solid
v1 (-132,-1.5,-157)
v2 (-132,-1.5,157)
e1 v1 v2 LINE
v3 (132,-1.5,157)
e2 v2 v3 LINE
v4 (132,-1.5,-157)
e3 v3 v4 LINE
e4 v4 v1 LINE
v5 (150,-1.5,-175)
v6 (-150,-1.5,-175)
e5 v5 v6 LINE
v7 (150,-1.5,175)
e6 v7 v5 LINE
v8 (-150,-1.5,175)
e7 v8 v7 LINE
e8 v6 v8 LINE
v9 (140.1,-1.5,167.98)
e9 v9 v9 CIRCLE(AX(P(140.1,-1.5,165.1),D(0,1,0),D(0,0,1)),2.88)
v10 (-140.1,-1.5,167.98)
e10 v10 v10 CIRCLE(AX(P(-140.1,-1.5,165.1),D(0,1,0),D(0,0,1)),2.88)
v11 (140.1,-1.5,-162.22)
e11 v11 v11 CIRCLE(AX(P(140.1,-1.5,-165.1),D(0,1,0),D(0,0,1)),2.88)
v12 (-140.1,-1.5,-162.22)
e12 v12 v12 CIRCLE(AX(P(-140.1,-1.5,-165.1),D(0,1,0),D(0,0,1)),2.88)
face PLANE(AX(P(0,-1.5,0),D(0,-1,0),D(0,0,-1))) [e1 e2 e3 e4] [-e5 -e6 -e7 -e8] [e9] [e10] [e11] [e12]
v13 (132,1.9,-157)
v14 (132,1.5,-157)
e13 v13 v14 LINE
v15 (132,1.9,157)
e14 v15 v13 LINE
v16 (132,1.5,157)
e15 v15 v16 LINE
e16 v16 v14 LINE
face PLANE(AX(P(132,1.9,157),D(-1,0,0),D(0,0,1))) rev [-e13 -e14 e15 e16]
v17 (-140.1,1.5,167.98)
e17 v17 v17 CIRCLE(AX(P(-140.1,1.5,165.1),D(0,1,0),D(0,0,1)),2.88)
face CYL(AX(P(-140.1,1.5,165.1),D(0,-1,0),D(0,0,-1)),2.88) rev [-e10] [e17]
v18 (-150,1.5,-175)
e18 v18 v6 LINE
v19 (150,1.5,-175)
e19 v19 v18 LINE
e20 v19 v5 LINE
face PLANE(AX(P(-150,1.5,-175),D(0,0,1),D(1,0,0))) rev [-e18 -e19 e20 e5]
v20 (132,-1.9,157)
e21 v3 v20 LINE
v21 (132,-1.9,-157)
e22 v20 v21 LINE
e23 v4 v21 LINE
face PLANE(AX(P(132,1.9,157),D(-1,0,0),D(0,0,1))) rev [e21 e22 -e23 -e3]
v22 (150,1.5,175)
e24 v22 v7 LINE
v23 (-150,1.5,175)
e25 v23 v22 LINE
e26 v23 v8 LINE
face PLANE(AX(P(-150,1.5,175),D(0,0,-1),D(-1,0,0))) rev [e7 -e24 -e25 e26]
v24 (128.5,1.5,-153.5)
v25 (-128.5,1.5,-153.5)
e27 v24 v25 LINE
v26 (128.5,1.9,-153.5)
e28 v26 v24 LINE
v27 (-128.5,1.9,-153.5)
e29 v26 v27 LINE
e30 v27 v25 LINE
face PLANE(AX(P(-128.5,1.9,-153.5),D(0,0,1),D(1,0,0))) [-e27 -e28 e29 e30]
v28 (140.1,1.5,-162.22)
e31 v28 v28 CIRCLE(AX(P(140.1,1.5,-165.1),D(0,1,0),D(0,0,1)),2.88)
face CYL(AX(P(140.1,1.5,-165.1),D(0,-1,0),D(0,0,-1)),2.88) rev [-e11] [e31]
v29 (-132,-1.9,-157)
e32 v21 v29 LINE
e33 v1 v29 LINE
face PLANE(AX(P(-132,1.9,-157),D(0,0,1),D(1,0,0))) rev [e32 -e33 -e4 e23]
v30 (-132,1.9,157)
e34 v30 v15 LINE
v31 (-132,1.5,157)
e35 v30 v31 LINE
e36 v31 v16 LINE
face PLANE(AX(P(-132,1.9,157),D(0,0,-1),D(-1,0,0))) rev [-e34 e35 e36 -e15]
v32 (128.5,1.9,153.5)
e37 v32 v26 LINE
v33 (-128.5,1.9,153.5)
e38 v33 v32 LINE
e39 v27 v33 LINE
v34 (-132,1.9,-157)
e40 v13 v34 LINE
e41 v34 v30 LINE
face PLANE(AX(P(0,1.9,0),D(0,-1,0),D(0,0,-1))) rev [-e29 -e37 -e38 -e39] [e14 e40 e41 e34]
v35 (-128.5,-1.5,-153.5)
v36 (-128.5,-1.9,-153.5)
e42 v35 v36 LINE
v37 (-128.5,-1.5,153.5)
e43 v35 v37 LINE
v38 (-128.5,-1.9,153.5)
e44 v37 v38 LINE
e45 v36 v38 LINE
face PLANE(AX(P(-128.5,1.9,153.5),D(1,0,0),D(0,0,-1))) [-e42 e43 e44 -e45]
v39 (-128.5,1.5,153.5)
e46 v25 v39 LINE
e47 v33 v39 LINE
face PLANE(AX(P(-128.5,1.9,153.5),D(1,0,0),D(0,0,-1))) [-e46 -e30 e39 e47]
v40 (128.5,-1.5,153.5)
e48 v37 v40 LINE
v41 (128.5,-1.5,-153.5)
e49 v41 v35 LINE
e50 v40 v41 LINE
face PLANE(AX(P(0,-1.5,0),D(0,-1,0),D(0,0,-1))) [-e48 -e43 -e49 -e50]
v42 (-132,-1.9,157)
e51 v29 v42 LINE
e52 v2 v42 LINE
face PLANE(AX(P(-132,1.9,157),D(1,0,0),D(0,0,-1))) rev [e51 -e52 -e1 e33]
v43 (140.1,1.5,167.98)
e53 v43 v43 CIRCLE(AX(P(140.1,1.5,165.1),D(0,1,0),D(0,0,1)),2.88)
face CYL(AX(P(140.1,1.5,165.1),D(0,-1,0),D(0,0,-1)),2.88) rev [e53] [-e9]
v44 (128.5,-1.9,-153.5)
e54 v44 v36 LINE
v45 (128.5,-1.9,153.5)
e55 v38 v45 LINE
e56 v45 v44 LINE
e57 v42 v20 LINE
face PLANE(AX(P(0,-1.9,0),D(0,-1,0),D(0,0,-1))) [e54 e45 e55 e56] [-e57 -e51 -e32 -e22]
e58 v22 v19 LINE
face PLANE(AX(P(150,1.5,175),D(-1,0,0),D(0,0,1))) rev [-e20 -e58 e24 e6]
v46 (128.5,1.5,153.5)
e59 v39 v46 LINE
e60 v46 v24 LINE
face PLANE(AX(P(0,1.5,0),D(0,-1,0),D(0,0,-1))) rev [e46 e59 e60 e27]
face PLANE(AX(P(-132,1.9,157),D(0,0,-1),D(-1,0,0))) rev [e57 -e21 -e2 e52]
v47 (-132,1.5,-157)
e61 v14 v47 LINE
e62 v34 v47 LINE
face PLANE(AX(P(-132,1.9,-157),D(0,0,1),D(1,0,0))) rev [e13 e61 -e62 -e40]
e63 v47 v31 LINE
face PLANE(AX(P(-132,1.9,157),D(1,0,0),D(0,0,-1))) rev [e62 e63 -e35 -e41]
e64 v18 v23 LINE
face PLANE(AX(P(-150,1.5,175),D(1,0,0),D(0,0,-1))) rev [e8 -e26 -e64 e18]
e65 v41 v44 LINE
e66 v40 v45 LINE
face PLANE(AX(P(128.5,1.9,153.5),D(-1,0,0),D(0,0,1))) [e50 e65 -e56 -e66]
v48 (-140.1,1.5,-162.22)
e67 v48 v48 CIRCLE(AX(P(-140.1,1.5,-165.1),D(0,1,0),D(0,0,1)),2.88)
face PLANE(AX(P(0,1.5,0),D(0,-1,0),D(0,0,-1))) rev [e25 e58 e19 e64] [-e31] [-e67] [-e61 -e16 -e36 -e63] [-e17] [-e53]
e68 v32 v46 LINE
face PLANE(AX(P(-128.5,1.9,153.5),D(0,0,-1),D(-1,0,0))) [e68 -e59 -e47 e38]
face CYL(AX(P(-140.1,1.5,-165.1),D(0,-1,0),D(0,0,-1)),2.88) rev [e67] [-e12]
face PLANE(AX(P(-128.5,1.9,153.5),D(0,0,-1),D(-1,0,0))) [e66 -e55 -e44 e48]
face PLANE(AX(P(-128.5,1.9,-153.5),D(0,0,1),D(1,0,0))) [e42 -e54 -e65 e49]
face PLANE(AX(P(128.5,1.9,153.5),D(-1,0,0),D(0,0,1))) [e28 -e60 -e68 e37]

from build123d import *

# Parameters (mm, degrees)
SKETCH1_W                                     = 300
SKETCH1_H                                     = 350
SKETCH1_R                                     = 2.88
ELECTRONICS_TRAY_STRUCTURAL_PANEL_DEPTH       = 1.5
SKETCH2_W                                     = 264
SKETCH2_H                                     = 314
SKETCH2_W_2                                   = 257
SKETCH2_H_2                                   = 307
ELECTRONICS_TRAY_STRUCTURAL_PANEL_INSET_DEPTH = 1.9


with BuildPart() as part:
    # Sketch1 → Electronics tray structural panel (new, symmetric)
    with BuildSketch(Plane(origin=(0, 0, 0), x_dir=(1, 0, 0), z_dir=(0, 1, 0))):
        Rectangle(SKETCH1_W, SKETCH1_H)
        with Locations(Location((140.1, 165.1, 0), (0, 0, 270))):
            Circle(SKETCH1_R, mode=Mode.SUBTRACT)
        with Locations(Location((-140.1, 165.1, 0), (0, 0, 270))):
            Circle(SKETCH1_R, mode=Mode.SUBTRACT)
        with Locations(Location((140.1, -165.1, 0), (0, 0, 270))):
            Circle(SKETCH1_R, mode=Mode.SUBTRACT)
        with Locations(Location((-140.1, -165.1, 0), (0, 0, 270))):
            Circle(SKETCH1_R, mode=Mode.SUBTRACT)
    extrude(amount=ELECTRONICS_TRAY_STRUCTURAL_PANEL_DEPTH, both=True)

    # Sketch2 → Electronics tray structural panel inset stiffener (add, symmetric)
    with BuildSketch(Plane(origin=(0, 0, 0), x_dir=(1, 0, 0), z_dir=(0, 1, 0))):
        Rectangle(SKETCH2_W, SKETCH2_H)
        Rectangle(SKETCH2_W_2, SKETCH2_H_2, mode=Mode.SUBTRACT)
    extrude(amount=ELECTRONICS_TRAY_STRUCTURAL_PANEL_INSET_DEPTH, both=True)


solid = part.part
